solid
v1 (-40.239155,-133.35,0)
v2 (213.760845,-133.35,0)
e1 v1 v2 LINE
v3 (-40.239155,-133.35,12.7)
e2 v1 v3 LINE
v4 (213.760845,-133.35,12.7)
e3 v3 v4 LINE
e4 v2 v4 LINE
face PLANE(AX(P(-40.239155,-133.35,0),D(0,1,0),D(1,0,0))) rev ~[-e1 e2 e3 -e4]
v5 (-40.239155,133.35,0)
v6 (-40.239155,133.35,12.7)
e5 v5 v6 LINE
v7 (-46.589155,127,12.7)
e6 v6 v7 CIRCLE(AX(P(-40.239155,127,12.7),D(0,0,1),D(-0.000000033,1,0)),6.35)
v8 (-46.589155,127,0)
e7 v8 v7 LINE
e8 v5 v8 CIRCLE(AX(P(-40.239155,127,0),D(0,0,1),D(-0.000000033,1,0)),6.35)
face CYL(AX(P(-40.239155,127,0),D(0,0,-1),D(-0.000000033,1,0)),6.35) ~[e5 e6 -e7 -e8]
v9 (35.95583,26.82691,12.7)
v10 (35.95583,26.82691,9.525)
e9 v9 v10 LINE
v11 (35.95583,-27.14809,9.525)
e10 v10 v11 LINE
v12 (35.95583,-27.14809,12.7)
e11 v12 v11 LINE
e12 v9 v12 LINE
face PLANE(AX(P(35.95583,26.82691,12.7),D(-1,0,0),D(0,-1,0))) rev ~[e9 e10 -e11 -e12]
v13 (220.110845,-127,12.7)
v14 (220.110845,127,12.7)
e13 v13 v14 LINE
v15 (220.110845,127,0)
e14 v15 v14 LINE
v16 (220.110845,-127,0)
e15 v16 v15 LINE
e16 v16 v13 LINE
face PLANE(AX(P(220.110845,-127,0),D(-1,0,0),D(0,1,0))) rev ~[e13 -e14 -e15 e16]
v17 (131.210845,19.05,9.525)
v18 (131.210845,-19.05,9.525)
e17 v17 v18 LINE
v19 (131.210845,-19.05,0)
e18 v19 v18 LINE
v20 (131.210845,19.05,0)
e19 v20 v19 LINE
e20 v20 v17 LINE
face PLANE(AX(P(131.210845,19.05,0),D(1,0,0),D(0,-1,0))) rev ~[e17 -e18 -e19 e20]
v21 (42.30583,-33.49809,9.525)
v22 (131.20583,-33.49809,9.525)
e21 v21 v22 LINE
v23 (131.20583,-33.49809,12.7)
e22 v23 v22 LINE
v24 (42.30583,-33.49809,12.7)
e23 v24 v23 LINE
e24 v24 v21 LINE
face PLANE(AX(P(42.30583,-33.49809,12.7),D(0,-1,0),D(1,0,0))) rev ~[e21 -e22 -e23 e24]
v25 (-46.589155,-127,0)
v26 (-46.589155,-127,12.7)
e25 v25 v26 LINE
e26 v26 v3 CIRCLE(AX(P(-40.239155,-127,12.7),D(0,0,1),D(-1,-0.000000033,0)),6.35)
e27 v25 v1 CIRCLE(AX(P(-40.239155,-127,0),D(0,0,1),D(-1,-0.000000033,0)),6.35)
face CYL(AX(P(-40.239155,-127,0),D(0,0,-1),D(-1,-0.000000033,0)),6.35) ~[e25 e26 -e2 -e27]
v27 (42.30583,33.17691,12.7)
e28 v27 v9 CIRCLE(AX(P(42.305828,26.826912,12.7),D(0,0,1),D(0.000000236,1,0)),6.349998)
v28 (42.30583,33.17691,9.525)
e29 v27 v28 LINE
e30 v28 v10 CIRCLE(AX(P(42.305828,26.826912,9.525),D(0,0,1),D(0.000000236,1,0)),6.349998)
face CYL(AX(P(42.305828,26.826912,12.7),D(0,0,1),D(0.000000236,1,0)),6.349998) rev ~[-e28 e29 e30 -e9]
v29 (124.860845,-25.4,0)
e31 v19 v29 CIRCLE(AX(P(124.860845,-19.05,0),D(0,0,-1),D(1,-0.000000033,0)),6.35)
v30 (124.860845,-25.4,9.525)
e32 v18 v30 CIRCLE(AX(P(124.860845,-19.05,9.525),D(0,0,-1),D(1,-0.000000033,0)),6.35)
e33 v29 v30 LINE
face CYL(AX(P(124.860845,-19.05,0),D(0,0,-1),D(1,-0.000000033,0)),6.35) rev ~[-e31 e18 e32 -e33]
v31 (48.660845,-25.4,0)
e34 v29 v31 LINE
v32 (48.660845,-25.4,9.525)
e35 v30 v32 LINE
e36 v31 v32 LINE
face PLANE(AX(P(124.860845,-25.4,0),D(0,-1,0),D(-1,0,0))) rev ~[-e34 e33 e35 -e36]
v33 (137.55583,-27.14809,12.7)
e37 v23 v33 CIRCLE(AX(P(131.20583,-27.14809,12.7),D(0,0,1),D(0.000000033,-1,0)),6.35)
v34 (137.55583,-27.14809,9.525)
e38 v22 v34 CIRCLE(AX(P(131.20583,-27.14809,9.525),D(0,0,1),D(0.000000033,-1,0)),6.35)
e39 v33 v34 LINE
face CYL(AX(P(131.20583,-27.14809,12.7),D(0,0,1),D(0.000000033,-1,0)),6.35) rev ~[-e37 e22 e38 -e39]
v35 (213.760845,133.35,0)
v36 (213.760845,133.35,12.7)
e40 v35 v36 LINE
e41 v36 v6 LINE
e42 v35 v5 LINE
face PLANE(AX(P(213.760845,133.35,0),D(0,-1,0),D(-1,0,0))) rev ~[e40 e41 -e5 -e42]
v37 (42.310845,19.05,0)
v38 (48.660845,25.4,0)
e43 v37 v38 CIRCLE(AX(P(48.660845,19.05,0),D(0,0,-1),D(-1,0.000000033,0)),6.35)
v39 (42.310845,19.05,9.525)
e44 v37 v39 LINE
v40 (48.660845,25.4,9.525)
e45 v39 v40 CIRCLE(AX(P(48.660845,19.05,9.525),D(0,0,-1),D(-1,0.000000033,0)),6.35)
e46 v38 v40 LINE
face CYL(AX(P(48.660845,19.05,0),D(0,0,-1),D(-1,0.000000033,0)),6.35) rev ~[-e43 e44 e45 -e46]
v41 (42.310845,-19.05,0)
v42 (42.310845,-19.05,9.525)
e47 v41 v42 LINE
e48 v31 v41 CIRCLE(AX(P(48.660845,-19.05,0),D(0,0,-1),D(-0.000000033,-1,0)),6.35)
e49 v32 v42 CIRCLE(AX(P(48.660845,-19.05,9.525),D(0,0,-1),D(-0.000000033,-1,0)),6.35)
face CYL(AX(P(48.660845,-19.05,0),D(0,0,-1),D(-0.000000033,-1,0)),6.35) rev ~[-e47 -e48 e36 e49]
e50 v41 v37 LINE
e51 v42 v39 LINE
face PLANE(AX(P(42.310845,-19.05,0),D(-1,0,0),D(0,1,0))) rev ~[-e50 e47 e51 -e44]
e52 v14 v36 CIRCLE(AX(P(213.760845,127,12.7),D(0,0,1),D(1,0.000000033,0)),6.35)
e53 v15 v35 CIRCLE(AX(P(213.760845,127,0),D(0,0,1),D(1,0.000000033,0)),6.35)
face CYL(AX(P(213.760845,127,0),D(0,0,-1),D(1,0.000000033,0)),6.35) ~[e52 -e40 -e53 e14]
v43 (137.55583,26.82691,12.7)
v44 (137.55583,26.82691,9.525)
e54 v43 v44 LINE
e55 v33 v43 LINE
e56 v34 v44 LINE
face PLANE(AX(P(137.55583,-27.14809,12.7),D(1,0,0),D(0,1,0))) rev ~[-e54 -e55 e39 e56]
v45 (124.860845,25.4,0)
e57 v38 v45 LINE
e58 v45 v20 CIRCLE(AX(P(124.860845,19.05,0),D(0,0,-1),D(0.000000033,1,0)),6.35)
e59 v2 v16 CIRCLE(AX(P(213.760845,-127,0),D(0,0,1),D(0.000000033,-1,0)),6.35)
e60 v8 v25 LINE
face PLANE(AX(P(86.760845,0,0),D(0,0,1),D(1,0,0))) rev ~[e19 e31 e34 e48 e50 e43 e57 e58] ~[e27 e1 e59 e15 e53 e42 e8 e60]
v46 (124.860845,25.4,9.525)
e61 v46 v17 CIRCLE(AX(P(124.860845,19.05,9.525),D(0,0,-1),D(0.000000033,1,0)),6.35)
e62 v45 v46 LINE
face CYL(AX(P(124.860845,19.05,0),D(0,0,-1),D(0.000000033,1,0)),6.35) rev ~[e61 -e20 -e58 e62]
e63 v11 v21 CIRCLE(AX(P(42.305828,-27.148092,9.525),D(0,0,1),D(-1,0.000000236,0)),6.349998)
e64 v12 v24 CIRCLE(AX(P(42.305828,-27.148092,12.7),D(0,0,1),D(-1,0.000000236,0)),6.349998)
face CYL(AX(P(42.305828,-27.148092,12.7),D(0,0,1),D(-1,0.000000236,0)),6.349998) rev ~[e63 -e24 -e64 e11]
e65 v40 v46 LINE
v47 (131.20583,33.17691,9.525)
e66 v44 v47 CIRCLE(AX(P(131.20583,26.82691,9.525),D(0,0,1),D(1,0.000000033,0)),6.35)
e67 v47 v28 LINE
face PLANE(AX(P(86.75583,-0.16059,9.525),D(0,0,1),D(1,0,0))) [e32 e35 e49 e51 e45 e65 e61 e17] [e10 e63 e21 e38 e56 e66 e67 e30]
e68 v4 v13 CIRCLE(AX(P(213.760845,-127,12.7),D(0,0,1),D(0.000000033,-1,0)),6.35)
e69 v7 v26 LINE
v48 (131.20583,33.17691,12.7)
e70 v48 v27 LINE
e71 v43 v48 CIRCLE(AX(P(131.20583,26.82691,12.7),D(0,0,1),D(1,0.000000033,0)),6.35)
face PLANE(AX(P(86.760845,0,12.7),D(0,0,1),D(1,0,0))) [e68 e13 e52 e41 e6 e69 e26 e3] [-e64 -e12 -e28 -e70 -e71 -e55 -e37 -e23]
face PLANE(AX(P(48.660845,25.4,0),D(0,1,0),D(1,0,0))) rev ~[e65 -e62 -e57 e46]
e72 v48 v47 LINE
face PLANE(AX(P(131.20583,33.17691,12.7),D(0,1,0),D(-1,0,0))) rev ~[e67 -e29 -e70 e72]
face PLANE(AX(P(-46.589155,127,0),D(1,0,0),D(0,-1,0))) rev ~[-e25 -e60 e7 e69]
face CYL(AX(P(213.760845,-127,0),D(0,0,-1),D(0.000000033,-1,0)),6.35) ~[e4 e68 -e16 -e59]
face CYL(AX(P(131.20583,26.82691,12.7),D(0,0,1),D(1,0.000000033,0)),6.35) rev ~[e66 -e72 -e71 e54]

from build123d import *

# Parameters (mm, degrees)
F1_DEPTH = 12.7
F3_DEPTH = 3.175


with BuildPart() as f1:
    # F0 (on Top) → F1 (new body)
    with BuildSketch(Plane.XY):
        with BuildLine():
            Line((213.760845, 133.35), (-40.239155, 133.35))
            ThreePointArc((-40.239155, 133.35), (-44.729283, 131.490128), (-46.589155, 127))
            Line((-46.589155, 127), (-46.589155, -127))
            ThreePointArc((-46.589155, -127), (-44.729283, -131.490128), (-40.239155, -133.35))
            Line((-40.239155, -133.35), (213.760845, -133.35))
            ThreePointArc((213.760845, -133.35), (218.250973, -131.490128), (220.110845, -127))
            Line((220.110845, -127), (220.110845, 127))
            ThreePointArc((220.110845, 127), (218.250973, 131.490128), (213.760845, 133.35))
        make_face()
        with BuildLine():
            ThreePointArc((42.310845, 19.05), (44.170717, 23.540128), (48.660845, 25.4))
            Line((48.660845, 25.4), (124.860845, 25.4))
            ThreePointArc((124.860845, 25.4), (129.350973, 23.540128), (131.210845, 19.05))
            Line((131.210845, 19.05), (131.210845, -19.05))
            ThreePointArc((131.210845, -19.05), (129.350973, -23.540128), (124.860845, -25.4))
            Line((124.860845, -25.4), (48.660845, -25.4))
            ThreePointArc((48.660845, -25.4), (44.170717, -23.540128), (42.310845, -19.05))
            Line((42.310845, -19.05), (42.310845, 19.05))
        make_face(mode=Mode.SUBTRACT)
    extrude(amount=F1_DEPTH)

    # F2 (on face) → F3 (cut)
    with BuildSketch(Plane.XY.offset(12.7)):
        with BuildLine():
            Line((131.20583, 33.17691), (42.30583, 33.17691))
            ThreePointArc((42.30583, 33.17691), (37.815701, 31.317038), (35.95583, 26.82691))
            Line((35.95583, 26.82691), (35.95583, -27.14809))
            ThreePointArc((35.95583, -27.14809), (37.815701, -31.638218), (42.30583, -33.49809))
            Line((42.30583, -33.49809), (131.20583, -33.49809))
            ThreePointArc((131.20583, -33.49809), (135.695958, -31.638218), (137.55583, -27.14809))
            Line((137.55583, -27.14809), (137.55583, 26.82691))
            ThreePointArc((137.55583, 26.82691), (135.695958, 31.317038), (131.20583, 33.17691))
        make_face()
        with BuildLine():
            Line((124.860845, -25.4), (48.660845, -25.4))
            ThreePointArc((48.660845, -25.4), (44.170717, -23.540128), (42.310845, -19.05))
            Line((42.310845, -19.05), (42.310845, 19.05))
            ThreePointArc((42.310845, 19.05), (44.170717, 23.540128), (48.660845, 25.4))
            Line((48.660845, 25.4), (124.860845, 25.4))
            ThreePointArc((124.860845, 25.4), (129.350973, 23.540128), (131.210845, 19.05))
            Line((131.210845, 19.05), (131.210845, -19.05))
            ThreePointArc((131.210845, -19.05), (129.350973, -23.540128), (124.860845, -25.4))
        make_face(mode=Mode.SUBTRACT)
    extrude(amount=-F3_DEPTH, mode=Mode.SUBTRACT)


solid = f1.part
